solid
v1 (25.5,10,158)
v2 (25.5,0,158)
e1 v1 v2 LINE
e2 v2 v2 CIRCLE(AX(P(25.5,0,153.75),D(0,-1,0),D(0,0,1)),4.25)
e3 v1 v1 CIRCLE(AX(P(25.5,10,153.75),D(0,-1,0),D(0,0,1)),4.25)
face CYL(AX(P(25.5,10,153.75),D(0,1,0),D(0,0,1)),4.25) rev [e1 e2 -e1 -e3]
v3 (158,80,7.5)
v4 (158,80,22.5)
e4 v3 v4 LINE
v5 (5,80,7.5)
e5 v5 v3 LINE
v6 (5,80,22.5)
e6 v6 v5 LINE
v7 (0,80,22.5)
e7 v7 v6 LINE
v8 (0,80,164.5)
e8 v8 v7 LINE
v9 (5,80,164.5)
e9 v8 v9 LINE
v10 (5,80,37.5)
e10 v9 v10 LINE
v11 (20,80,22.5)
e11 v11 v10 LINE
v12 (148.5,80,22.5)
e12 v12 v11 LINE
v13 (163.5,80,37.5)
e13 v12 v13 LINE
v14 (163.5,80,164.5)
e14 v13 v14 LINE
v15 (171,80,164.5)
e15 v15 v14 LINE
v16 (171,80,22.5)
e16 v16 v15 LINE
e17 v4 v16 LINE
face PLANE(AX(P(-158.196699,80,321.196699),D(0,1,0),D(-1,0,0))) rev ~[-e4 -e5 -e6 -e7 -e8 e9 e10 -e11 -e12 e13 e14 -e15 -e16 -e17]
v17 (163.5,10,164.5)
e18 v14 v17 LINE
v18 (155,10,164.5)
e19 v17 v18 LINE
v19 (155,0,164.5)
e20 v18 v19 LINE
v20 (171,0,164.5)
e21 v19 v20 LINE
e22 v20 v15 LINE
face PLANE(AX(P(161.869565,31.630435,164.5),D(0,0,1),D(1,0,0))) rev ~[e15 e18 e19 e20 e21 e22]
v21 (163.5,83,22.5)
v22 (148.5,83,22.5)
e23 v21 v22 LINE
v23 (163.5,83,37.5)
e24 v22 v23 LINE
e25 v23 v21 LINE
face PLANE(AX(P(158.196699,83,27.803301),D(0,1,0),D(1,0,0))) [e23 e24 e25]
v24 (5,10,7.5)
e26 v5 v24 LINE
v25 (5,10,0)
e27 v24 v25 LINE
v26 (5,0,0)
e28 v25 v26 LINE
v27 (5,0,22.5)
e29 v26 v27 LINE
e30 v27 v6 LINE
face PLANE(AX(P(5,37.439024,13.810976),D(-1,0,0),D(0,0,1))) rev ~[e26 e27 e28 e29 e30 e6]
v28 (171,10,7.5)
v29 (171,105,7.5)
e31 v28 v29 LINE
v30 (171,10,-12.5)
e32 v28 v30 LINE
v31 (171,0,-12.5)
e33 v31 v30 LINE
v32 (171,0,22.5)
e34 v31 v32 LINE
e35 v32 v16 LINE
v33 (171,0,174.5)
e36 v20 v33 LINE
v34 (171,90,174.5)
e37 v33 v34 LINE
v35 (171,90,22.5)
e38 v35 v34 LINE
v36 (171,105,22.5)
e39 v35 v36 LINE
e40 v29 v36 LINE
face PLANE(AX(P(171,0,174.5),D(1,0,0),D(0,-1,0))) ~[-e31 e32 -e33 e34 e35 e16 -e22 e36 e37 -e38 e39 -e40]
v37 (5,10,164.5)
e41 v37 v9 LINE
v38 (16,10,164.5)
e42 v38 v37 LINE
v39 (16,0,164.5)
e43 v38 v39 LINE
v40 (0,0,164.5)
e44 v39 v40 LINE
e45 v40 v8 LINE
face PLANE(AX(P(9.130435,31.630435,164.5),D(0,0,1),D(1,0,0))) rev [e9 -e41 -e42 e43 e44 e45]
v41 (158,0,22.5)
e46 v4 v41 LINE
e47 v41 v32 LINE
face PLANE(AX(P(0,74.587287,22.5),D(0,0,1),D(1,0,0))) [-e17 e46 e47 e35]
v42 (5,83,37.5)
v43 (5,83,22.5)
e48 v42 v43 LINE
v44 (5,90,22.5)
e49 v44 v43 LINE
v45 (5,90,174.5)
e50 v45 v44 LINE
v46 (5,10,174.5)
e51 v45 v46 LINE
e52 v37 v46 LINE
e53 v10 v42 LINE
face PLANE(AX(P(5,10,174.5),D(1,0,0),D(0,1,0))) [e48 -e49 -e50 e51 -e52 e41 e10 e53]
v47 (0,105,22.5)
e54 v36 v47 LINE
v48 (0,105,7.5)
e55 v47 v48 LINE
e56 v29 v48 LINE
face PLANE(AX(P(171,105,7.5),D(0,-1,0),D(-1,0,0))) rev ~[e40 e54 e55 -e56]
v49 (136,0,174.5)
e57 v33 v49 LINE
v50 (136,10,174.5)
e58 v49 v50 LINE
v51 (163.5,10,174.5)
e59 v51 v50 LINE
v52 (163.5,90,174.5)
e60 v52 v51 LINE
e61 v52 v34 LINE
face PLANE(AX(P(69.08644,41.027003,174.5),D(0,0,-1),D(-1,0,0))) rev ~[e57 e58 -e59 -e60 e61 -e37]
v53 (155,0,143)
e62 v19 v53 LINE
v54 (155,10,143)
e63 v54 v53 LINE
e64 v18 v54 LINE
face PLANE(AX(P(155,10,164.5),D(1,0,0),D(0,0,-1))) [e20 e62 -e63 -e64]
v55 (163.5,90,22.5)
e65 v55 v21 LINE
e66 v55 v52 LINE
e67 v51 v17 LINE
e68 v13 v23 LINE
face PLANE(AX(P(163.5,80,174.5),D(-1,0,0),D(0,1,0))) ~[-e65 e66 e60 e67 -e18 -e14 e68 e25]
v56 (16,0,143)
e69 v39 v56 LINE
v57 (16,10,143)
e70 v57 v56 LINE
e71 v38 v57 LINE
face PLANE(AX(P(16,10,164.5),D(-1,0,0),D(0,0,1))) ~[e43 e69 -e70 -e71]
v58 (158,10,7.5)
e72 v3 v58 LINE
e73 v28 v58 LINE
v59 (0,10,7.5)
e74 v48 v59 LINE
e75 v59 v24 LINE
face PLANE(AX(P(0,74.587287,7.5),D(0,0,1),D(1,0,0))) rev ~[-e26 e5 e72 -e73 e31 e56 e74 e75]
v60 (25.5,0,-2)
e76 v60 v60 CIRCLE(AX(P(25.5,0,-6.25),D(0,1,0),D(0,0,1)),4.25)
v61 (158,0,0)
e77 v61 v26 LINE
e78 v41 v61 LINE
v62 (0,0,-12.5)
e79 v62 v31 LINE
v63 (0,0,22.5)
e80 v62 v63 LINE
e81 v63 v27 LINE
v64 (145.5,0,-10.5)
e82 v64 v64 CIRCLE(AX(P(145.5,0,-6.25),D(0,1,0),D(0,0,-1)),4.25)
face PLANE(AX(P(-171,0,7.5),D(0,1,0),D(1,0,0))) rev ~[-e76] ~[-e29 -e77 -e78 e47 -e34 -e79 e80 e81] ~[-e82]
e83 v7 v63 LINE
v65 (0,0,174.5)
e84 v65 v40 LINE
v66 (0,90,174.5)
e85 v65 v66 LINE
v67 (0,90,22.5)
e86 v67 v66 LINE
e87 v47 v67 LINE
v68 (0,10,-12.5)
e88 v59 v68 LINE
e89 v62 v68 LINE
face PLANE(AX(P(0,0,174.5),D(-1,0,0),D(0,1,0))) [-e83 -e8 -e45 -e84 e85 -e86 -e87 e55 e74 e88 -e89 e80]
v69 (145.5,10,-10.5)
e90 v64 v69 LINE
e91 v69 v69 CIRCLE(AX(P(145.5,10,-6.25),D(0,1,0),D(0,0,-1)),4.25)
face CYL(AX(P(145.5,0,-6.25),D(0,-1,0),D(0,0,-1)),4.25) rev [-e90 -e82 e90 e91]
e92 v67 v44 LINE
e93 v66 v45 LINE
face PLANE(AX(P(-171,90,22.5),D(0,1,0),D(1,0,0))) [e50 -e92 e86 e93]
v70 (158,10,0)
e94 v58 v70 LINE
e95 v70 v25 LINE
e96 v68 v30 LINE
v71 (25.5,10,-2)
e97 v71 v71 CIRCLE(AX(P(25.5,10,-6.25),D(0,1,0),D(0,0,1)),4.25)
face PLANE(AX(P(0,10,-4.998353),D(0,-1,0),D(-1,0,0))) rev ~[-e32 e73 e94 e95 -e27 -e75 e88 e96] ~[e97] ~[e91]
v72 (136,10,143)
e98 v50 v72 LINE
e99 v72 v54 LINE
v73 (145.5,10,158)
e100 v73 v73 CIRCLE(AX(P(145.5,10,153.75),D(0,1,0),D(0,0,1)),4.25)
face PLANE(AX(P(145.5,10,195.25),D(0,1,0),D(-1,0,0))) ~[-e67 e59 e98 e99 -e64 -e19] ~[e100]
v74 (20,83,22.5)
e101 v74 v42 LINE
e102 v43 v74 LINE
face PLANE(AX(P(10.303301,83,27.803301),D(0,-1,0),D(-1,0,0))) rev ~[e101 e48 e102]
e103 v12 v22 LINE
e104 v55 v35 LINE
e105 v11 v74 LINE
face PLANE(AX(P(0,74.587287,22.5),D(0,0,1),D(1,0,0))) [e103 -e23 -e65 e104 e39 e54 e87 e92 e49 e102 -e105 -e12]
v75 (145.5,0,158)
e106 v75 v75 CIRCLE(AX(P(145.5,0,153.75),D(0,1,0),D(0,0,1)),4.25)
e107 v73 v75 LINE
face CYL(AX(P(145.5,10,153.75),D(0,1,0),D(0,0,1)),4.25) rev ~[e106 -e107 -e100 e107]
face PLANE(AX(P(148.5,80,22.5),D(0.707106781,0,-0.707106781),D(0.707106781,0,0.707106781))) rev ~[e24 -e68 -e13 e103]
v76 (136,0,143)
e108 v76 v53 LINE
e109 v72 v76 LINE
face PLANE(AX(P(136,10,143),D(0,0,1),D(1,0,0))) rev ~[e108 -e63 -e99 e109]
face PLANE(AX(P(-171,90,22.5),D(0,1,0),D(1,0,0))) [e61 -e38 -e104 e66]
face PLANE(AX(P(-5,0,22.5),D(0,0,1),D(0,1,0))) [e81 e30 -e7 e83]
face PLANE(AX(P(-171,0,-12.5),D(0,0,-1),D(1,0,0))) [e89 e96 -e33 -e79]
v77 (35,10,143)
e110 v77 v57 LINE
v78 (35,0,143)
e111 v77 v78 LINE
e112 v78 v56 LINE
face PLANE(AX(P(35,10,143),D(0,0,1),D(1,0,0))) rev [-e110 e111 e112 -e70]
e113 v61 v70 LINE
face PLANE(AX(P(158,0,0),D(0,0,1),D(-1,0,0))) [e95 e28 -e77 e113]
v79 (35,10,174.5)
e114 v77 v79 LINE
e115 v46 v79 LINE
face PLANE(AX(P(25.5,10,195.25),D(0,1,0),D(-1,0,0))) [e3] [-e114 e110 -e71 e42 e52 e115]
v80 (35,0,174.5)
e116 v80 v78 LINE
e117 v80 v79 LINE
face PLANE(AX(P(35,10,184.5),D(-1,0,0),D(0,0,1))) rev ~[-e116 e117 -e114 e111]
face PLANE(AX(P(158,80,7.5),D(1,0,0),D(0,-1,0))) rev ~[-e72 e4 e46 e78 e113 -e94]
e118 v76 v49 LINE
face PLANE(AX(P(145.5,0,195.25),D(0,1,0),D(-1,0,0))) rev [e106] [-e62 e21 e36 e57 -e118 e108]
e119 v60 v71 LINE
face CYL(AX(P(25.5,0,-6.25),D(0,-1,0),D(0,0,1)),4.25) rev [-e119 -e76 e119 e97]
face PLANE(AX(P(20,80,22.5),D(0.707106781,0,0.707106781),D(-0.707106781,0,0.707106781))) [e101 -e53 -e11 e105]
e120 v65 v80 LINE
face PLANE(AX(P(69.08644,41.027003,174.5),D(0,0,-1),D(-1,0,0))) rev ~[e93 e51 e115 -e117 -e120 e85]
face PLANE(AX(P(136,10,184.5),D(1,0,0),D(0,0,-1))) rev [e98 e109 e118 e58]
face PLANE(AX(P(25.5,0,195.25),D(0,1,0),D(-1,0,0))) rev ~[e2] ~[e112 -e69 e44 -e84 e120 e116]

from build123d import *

# Parameters (mm, degrees)
SKETCH1_R                                = 4.25
BOSS_EXTRUDE1_DEPTH                      = 10
BOSS_EXTRUDE2_START                      = -5
BOSS_EXTRUDE2_DEPTH                      = 15
SKETCH3_W                                = 342
SKETCH3_H                                = 10
BOSS_EXTRUDE3_DEPTH                      = 304
CUT_EXTRUDE1_REACH                       = 385.234
BOSS_EXTRUDE4_DEPTH                      = 3
MIRROR5_AT_THE_SECOND_PLANE_COPY_1_DEPTH = 3
BOSS_EXTRUDE5_DEPTH                      = 5
BOSS_EXTRUDE5_DEPTH_BACK                 = 5
BOSS_EXTRUDE6_DEPTH                      = 10
SKETCH10_W                               = 19
SKETCH10_H                               = 21.5
SKETCH10_R                               = 4.25
BOSS_EXTRUDE7_DEPTH                      = 10
CUT_EXTRUDE2_REACH                       = 276.29
SKETCH11_W                               = 2.5
SKETCH11_H                               = 70
MIRROR8_COPY_1_DEPTH                     = 10
MIRROR8_COPY_2_DEPTH                     = 10
MIRROR8_COPY_3_SKETCH_W                  = 19
MIRROR8_COPY_3_SKETCH_H                  = 21.5
MIRROR8_COPY_3_SKETCH_R                  = 4.25
MIRROR8_COPY_3_DEPTH                     = 10
CUT_EXTRUDE5_REACH                       = 415.459
SKETCH14_W                               = 574.948758302
SKETCH14_H                               = 178.61459587
CUT_EXTRUDE6_REACH                       = 276.29
SKETCH15_W                               = 297.993149394
SKETCH15_H                               = 172.333387601


with BuildPart() as part:
    # Sketch1 → Boss-Extrude1 (new body)
    with BuildSketch(Plane(origin=(0, 0, 0), x_dir=(1, 0, 0), z_dir=(0, 1, 0))):
        Polygon((-171, 12.5), (171, 12.5), (171, 0), (171, -12.5), (158, -12.5), (158, 0), (-158, 0), (-158, -12.5), (-171, -12.5), align=None)
        with Locations(Location((-145.5, 6.25, 0), (0, 0, 270))):
            Circle(SKETCH1_R, mode=Mode.SUBTRACT)
        with Locations(Location((145.5, 6.25, 0), (0, 0, 90))):
            Circle(SKETCH1_R, mode=Mode.SUBTRACT)
        with Locations(Location((-25.5, 6.25, 0), (0, 0, 270))):
            Circle(SKETCH1_R, mode=Mode.SUBTRACT)
        with Locations(Location((25.5, 6.25, 0), (0, 0, 270))):
            Circle(SKETCH1_R, mode=Mode.SUBTRACT)
    boss_extrude1 = extrude(amount=BOSS_EXTRUDE1_DEPTH)

    # Sketch2 → Boss-Extrude2 (add)
    with BuildSketch(Plane.XY.offset(12.5).offset(BOSS_EXTRUDE2_START)):
        Polygon((-171, 105), (-171, 0), (-158, 0), (-158, 80), (158, 80), (158, 0), (171, 0), (171, 105), align=None)
    boss_extrude2 = extrude(amount=BOSS_EXTRUDE2_DEPTH)

    # Sketch3 → Boss-Extrude3 (add)
    with BuildSketch(Plane.XY.offset(22.5)):
        with Locations((0, 85)):
            Rectangle(SKETCH3_W, SKETCH3_H)
    extrude(amount=BOSS_EXTRUDE3_DEPTH)

    # Sketch4 → Cut-Extrude1 (cut, up to next)
    with BuildSketch(Plane(origin=(0, 105, 0), x_dir=(1, 0, 0), z_dir=(0, 1, 0)), mode=Mode.PRIVATE) as cut_extrude1_sk1:
        Polygon((-163.5, -22.5), (-5, -22.5), (-5, -326.5), (-163.5, -326.5), (-163.5, -39.75), (-163.5, -34.75), align=None)
    cut_extrude1_tool1 = extrude(cut_extrude1_sk1.sketch, amount=-CUT_EXTRUDE1_REACH, mode=Mode.PRIVATE) & part.part
    # Sketch4 → Cut-Extrude1 (cut, up to next)
    with BuildSketch(Plane(origin=(0, 105, 0), x_dir=(1, 0, 0), z_dir=(0, 1, 0)), mode=Mode.PRIVATE) as cut_extrude1_sk2:
        Polygon((163.5, -22.5), (163.5, -51.4723011), (163.5, -326.5), (5, -326.5), (5, -39.75), (5, -22.5), align=None)
    cut_extrude1_tool2 = extrude(cut_extrude1_sk2.sketch, amount=-CUT_EXTRUDE1_REACH, mode=Mode.PRIVATE) & part.part
    add(cut_extrude1_tool1.solids().sort_by_distance((-84.25, 105, 174.5))[0], mode=Mode.SUBTRACT)
    add(cut_extrude1_tool2.solids().sort_by_distance((84.25, 105, 174.5))[0], mode=Mode.SUBTRACT)

    # Mirror3: Boss-Extrude2 across plane
    add(boss_extrude2.mirror(Plane(origin=(0, 0, 174.5), x_dir=(1, 0, 0), z_dir=(0, 0, -1))))

    # Mirror4: Boss-Extrude1 across plane
    add(boss_extrude1.mirror(Plane(origin=(0, 0, 174.5), x_dir=(1, 0, 0), z_dir=(0, 0, -1))))

    # Sketch7 → Boss-Extrude4 (add)
    with BuildSketch(Plane(origin=(0, 80, 0), x_dir=(-1, 0, 0), z_dir=(0, -1, 0))):
        Polygon((-163.5, -22.5), (-148.5, -22.5), (-163.5, -37.5), align=None)
        Polygon((-5, -22.5), (-20, -22.5), (-5, -37.5), align=None)
    boss_extrude4 = extrude(amount=-BOSS_EXTRUDE4_DEPTH)

    # Mirror5: Boss-Extrude4 across plane
    add(boss_extrude4.mirror(Plane(origin=(0, 0, 174.5), x_dir=(1, 0, 0), z_dir=(0, 0, -1))))

    # Mirror5 at the second plane: Boss-Extrude4 across plane
    add(boss_extrude4.mirror(Plane(origin=(0, 0, 0), x_dir=(0, 0, 1), z_dir=(1, 0, 0))))

    # Mirror5 at the second plane copy 1 sketc → Mirror5 at the second plane copy 1 (add)
    with BuildSketch(Plane(origin=(0, 80, 349), x_dir=(1, 0, 0), z_dir=(0, -1, 0))):
        Polygon((-163.5, -22.5), (-148.5, -22.5), (-163.5, -37.5), align=None)
        Polygon((-5, -22.5), (-20, -22.5), (-5, -37.5), align=None)
    extrude(amount=-MIRROR5_AT_THE_SECOND_PLANE_COPY_1_DEPTH)

    # Sketch8 → Boss-Extrude5 (add, two sides: drawn at the far end of the back side and taken through both)
    with BuildSketch(Plane(origin=(0, 0, 0), x_dir=(0, 0, -1), z_dir=(1, 0, 0)).offset(-BOSS_EXTRUDE5_DEPTH_BACK)):
        Polygon((-326.5, 80), (-341.5, 80), (-341.5, 10), (-349, 10), (-349, 0), (-326.5, 0), align=None)
        Polygon((-22.5, 80), (-7.5, 80), (-7.5, 10), (0, 10), (0, 0), (-22.5, 0), align=None)
    extrude(amount=BOSS_EXTRUDE5_DEPTH + BOSS_EXTRUDE5_DEPTH_BACK)

    # Sketch9 → Boss-Extrude6 (add)
    with BuildSketch(Plane(origin=(0, 0, 174.5), x_dir=(-1, 0, 0), z_dir=(0, 0, -1))):
        Polygon((-163.5, 10), (-136, 10), (-136, 0), (-171, 0), (-171, 80), (-163.5, 80), align=None)
    boss_extrude6 = extrude(amount=BOSS_EXTRUDE6_DEPTH)

    # Sketch10 → Boss-Extrude7 (add)
    with BuildSketch(Plane(origin=(0, 10, 0), x_dir=(1, 0, 0), z_dir=(0, 1, 0))):
        with Locations((145.5, -153.75)):
            Rectangle(SKETCH10_W, SKETCH10_H)
        with Locations(Location((145.5, -153.75, 0), (0, 0, 270))):
            Circle(SKETCH10_R, mode=Mode.SUBTRACT)
    boss_extrude7 = extrude(amount=-BOSS_EXTRUDE7_DEPTH)

    # Mirror6: Boss-Extrude6 across plane
    add(boss_extrude6.mirror(Plane(origin=(85.5, 0, 0), x_dir=(0, 0, 1), z_dir=(1, 0, 0))))

    # Mirror7: Boss-Extrude6, Boss-Extrude7 across plane
    add(boss_extrude6.mirror(Plane(origin=(85.5, 0, 0), x_dir=(0, 0, 1), z_dir=(1, 0, 0))))
    add(boss_extrude7.mirror(Plane(origin=(85.5, 0, 0), x_dir=(0, 0, 1), z_dir=(1, 0, 0))))

    # Sketch11 → Cut-Extrude2 (cut, up to next)
    with BuildSketch(Plane.XY.offset(174.5), mode=Mode.PRIVATE) as cut_extrude2_sk1:
        with Locations((6.25, 45)):
            Rectangle(SKETCH11_W, SKETCH11_H)
    cut_extrude2_tool1 = extrude(cut_extrude2_sk1.sketch, amount=-CUT_EXTRUDE2_REACH, mode=Mode.PRIVATE) & part.part
    cut_extrude2 = cut_extrude2_tool1.solids().sort_by_distance((6.25, 45, 174.5))[0]
    add(cut_extrude2, mode=Mode.SUBTRACT)

    # Mirror8: Boss-Extrude6, Boss-Extrude7 across plane
    add(boss_extrude6.mirror(Plane(origin=(0, 0, 174.5), x_dir=(1, 0, 0), z_dir=(0, 0, -1))))
    add(boss_extrude7.mirror(Plane(origin=(0, 0, 174.5), x_dir=(1, 0, 0), z_dir=(0, 0, -1))))

    # Mirror8 copy 1 sketch → Mirror8 copy 1 (add)
    with BuildSketch(Plane(origin=(171, 0, 174.5), x_dir=(1, 0, 0), z_dir=(0, 0, 1))):
        Polygon((-163.5, 10), (-136, 10), (-136, 0), (-171, 0), (-171, 80), (-163.5, 80), align=None)
    extrude(amount=MIRROR8_COPY_1_DEPTH)

    # Mirror8 copy 2 sketch → Mirror8 copy 2 (add)
    with BuildSketch(Plane(origin=(171, 0, 174.5), x_dir=(1, 0, 0), z_dir=(0, 0, 1))):
        Polygon((-163.5, 10), (-136, 10), (-136, 0), (-171, 0), (-171, 80), (-163.5, 80), align=None)
    extrude(amount=MIRROR8_COPY_2_DEPTH)

    # Mirror8 copy 3 sketch → Mirror8 copy 3 (add)
    with BuildSketch(Plane(origin=(171, 10, 349), x_dir=(-1, 0, 0), z_dir=(0, 1, 0))):
        with Locations((145.5, -153.75)):
            Rectangle(MIRROR8_COPY_3_SKETCH_W, MIRROR8_COPY_3_SKETCH_H)
        with Locations(Location((145.5, -153.75, 0), (0, 0, 270))):
            Circle(MIRROR8_COPY_3_SKETCH_R, mode=Mode.SUBTRACT)
    extrude(amount=-MIRROR8_COPY_3_DEPTH)

    # Mirror9: Cut-Extrude2 across plane
    add(cut_extrude2.mirror(Plane(origin=(0, 0, 174.5), x_dir=(1, 0, 0), z_dir=(0, 0, -1))), mode=Mode.SUBTRACT)

    # Sketch14 → Cut-Extrude5 (cut, up to next)
    with BuildSketch(Plane(origin=(0, 0, 0), x_dir=(0, 0, -1), z_dir=(1, 0, 0)), mode=Mode.PRIVATE) as cut_extrude5_sk1:
        with Locations((-145.651613791, 39.902643452)):
            Rectangle(SKETCH14_W, SKETCH14_H)
    cut_extrude5_tool1 = extrude(cut_extrude5_sk1.sketch, amount=-CUT_EXTRUDE5_REACH, mode=Mode.PRIVATE) & part.part
    add(cut_extrude5_tool1.solids().sort_by_distance((0, 39.902643, 145.651614))[0], mode=Mode.SUBTRACT)

    # Sketch15 → Cut-Extrude6 (cut, up to next)
    with BuildSketch(Plane(origin=(0, 0, 174.5), x_dir=(-1, 0, 0), z_dir=(0, 0, -1)), mode=Mode.PRIVATE) as cut_extrude6_sk1:
        with Locations((-69.086440229, 41.027003033)):
            Rectangle(SKETCH15_W, SKETCH15_H)
    cut_extrude6_tool1 = extrude(cut_extrude6_sk1.sketch, amount=-CUT_EXTRUDE6_REACH, mode=Mode.PRIVATE) & part.part
    add(cut_extrude6_tool1.solids().sort_by_distance((69.08644, 41.027003, 174.5))[0], mode=Mode.SUBTRACT)


solid = part.part
